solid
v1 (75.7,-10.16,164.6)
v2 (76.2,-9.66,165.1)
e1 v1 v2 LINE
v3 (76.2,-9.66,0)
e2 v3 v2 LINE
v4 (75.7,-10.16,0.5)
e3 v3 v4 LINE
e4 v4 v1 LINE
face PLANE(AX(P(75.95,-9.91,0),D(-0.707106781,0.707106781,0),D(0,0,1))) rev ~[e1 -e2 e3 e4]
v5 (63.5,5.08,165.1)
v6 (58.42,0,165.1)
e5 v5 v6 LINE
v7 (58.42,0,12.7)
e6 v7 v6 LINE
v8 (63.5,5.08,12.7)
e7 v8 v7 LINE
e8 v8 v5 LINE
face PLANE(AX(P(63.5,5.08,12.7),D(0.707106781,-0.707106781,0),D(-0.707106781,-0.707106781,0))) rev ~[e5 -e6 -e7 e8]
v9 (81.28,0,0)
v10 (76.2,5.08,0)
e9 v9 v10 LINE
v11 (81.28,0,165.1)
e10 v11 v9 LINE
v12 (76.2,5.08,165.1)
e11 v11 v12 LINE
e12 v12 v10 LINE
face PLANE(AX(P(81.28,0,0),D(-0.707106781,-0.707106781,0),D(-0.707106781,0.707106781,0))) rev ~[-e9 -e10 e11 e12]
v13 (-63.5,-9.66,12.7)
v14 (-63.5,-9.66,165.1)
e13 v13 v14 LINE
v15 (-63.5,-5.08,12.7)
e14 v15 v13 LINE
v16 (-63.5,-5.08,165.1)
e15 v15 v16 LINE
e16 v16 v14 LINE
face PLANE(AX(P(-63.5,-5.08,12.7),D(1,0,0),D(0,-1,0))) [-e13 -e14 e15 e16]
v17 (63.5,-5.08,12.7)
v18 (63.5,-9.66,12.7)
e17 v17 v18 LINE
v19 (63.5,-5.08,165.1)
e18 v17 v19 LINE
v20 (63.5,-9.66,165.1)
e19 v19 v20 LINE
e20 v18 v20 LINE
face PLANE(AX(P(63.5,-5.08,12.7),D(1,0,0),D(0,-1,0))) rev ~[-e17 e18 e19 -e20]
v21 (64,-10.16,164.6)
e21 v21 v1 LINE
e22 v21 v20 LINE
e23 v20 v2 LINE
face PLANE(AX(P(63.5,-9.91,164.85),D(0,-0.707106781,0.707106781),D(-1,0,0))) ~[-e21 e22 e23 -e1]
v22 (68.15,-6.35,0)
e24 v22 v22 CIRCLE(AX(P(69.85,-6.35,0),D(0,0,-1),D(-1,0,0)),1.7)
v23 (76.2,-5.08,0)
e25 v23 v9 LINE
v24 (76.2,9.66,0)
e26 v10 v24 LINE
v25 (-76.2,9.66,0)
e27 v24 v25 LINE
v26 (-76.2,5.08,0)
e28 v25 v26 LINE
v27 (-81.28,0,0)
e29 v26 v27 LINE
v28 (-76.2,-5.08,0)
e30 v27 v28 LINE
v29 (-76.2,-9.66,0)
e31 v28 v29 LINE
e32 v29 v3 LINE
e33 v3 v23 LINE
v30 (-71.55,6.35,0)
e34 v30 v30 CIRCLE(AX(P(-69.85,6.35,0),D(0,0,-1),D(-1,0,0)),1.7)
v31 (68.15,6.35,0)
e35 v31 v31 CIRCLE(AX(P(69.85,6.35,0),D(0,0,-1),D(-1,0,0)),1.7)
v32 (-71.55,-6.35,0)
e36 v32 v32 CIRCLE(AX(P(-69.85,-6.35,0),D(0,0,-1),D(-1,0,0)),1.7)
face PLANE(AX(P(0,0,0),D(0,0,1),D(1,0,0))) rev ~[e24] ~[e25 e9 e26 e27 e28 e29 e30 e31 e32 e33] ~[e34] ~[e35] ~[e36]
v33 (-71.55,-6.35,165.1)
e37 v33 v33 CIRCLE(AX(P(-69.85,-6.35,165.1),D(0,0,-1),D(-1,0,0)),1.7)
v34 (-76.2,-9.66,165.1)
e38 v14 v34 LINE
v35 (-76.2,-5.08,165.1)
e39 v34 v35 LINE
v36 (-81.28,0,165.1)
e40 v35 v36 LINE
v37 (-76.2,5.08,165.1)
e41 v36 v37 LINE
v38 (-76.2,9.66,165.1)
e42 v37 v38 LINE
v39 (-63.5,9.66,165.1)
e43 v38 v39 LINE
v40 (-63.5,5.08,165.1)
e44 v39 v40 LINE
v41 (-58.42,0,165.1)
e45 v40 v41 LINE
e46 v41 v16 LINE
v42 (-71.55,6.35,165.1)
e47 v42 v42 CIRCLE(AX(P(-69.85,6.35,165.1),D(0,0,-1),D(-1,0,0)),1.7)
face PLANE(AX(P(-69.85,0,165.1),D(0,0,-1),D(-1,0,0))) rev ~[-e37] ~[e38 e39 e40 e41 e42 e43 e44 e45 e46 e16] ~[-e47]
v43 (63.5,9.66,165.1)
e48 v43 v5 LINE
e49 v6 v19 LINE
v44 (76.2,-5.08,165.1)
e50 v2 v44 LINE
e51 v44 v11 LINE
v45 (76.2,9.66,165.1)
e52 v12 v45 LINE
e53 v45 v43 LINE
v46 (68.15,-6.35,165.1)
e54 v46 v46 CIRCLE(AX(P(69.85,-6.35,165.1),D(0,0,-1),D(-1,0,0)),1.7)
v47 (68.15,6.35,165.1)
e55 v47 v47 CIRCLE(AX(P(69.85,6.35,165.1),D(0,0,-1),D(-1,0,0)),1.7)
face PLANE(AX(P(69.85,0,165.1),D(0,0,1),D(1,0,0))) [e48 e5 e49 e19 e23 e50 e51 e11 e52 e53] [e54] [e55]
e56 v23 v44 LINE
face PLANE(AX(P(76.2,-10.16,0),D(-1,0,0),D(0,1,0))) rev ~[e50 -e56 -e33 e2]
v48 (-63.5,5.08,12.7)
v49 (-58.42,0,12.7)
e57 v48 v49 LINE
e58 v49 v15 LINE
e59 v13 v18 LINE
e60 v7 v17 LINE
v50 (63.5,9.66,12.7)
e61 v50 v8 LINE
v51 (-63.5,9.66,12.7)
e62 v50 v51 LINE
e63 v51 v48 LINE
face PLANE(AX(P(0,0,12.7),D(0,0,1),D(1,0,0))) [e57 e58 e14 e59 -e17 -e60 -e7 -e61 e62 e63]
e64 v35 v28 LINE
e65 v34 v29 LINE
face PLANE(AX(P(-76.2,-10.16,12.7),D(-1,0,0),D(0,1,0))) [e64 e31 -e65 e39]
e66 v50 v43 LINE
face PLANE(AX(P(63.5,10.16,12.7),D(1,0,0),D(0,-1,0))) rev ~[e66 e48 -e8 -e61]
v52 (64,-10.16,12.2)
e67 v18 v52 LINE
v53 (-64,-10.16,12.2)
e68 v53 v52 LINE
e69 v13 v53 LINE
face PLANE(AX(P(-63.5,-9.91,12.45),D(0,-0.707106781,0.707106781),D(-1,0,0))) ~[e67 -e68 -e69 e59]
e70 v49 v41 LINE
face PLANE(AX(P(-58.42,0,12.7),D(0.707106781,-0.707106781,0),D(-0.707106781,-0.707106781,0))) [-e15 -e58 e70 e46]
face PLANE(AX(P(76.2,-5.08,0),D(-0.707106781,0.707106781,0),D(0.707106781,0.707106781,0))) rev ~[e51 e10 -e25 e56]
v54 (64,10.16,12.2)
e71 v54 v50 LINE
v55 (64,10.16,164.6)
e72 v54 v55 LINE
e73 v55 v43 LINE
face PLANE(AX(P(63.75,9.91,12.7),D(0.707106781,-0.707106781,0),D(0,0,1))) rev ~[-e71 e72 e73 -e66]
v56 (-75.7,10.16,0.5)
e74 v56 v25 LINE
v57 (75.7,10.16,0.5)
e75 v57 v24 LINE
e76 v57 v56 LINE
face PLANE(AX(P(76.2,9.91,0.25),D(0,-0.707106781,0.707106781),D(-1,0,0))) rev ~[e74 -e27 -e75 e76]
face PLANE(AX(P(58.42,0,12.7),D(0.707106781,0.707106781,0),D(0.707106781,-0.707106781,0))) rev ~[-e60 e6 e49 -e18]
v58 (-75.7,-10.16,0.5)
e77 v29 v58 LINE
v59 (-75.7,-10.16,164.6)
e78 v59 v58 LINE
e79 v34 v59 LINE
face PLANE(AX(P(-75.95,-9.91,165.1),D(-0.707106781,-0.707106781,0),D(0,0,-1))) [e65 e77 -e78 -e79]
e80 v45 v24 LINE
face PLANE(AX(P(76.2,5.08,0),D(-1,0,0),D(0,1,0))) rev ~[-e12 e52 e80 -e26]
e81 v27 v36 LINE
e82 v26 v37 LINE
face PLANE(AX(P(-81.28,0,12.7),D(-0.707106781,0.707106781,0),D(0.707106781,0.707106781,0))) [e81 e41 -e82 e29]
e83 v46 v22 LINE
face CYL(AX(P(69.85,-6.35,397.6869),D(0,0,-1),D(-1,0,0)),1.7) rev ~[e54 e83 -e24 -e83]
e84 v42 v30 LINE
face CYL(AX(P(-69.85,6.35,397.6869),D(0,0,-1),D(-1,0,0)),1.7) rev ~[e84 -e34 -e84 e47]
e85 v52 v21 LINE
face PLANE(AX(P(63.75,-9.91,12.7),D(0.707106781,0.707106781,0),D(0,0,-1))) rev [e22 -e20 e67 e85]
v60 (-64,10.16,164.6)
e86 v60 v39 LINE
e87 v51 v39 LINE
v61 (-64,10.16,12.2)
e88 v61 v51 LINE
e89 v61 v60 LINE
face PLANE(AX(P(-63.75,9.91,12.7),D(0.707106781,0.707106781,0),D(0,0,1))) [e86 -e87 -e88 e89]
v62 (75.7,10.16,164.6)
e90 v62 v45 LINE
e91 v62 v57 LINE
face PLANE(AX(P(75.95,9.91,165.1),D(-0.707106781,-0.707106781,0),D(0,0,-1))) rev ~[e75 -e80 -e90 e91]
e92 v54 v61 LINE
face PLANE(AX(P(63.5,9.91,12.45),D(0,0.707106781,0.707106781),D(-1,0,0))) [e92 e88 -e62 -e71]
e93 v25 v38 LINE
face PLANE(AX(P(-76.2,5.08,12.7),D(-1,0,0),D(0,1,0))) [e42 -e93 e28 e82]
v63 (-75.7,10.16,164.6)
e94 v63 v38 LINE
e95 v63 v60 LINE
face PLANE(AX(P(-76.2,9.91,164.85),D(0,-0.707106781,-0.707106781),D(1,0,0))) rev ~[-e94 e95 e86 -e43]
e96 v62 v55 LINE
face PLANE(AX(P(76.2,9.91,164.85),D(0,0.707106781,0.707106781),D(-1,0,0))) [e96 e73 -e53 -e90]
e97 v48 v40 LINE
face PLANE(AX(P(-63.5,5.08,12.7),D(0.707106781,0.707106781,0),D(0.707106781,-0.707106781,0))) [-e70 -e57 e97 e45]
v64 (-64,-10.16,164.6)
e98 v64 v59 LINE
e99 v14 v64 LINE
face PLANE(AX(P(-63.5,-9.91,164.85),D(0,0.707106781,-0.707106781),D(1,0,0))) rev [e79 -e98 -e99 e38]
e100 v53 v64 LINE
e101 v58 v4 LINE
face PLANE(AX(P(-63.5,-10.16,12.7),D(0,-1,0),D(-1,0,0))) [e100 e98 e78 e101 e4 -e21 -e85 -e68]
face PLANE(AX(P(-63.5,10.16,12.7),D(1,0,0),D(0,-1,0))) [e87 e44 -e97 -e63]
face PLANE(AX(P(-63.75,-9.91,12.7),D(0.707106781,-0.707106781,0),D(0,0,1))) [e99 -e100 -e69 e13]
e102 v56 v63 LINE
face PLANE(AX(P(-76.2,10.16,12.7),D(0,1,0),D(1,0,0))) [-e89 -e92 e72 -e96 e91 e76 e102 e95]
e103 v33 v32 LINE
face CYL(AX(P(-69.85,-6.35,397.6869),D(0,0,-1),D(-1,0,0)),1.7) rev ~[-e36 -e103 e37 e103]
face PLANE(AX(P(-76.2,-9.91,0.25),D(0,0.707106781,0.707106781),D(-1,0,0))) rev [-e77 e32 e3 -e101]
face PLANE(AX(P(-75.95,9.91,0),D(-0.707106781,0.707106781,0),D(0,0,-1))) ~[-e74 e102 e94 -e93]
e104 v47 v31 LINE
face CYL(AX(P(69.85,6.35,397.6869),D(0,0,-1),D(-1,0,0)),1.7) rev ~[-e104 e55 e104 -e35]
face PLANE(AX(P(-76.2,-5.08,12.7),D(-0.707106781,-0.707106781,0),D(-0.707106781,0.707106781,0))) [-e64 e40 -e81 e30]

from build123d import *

# Parameters (mm, degrees)
BOSS_EXTRUDE1_DEPTH   = 12.7
BOSS_EXTRUDE2_DEPTH   = 152.4
F_6_32_TAPPED_HOLE1_D = 3.400000058
CHAMFER1_SIZE         = 0.5


with BuildPart() as part:
    # Sketch2 → Boss-Extrude1 (new body)
    with BuildSketch(Plane.XY):
        Polygon((-76.2, 5.08), (-81.28, 0), (-76.2, -5.08), (-76.2, -10.16), (76.2, -10.16), (76.2, -5.08), (81.28, 0), (76.2, 5.08), (76.2, 10.16), (-76.2, 10.16), align=None)
    extrude(amount=BOSS_EXTRUDE1_DEPTH)

    # Sketch3 → Boss-Extrude2 (add)
    with BuildSketch(Plane.XY.offset(12.7)):
        Polygon((-76.2, 10.16), (-63.5, 10.16), (-63.5, 5.08), (-58.42, 0), (-63.5, -5.08), (-63.5, -10.16), (-76.2, -10.16), (-76.2, -5.08), (-81.28, 0), (-76.2, 5.08), align=None)
        Polygon((63.5, 10.16), (63.5, 5.08), (58.42, 0), (63.5, -5.08), (63.5, -10.16), (76.2, -10.16), (76.2, -5.08), (81.28, 0), (76.2, 5.08), (76.2, 10.16), align=None)
    extrude(amount=BOSS_EXTRUDE2_DEPTH)

    # #6-32 Tapped Hole1 (through all)
    with Locations(Plane.XY.offset(165.1)):
        with Locations((-69.85, 6.35), (-69.85, -6.35), (69.85, 6.35), (69.85, -6.35)):
            Hole(F_6_32_TAPPED_HOLE1_D / 2)

    # Chamfer1
    chamfer1_edges = [part.edges().sort_by_distance(p)[0] for p in [
        (0, -10.16, 0),
        (0, 10.16, 0),
        (76.2, -10.16, 82.55),
        (-76.2, -10.16, 82.55),
        (-76.2, 10.16, 82.55),
        (76.2, 10.16, 82.55),
        (0, -10.16, 12.7),
        (-63.5, -10.16, 88.9),
        (-63.5, 10.16, 88.9),
        (-69.85, -10.16, 165.1),
        (-69.85, 10.16, 165.1),
        (0, 10.16, 12.7),
        (63.5, 10.16, 88.9),
        (63.5, -10.16, 88.9),
        (69.85, 10.16, 165.1),
        (69.85, -10.16, 165.1),
    ]]
    chamfer(chamfer1_edges, length=CHAMFER1_SIZE)


solid = part.part
